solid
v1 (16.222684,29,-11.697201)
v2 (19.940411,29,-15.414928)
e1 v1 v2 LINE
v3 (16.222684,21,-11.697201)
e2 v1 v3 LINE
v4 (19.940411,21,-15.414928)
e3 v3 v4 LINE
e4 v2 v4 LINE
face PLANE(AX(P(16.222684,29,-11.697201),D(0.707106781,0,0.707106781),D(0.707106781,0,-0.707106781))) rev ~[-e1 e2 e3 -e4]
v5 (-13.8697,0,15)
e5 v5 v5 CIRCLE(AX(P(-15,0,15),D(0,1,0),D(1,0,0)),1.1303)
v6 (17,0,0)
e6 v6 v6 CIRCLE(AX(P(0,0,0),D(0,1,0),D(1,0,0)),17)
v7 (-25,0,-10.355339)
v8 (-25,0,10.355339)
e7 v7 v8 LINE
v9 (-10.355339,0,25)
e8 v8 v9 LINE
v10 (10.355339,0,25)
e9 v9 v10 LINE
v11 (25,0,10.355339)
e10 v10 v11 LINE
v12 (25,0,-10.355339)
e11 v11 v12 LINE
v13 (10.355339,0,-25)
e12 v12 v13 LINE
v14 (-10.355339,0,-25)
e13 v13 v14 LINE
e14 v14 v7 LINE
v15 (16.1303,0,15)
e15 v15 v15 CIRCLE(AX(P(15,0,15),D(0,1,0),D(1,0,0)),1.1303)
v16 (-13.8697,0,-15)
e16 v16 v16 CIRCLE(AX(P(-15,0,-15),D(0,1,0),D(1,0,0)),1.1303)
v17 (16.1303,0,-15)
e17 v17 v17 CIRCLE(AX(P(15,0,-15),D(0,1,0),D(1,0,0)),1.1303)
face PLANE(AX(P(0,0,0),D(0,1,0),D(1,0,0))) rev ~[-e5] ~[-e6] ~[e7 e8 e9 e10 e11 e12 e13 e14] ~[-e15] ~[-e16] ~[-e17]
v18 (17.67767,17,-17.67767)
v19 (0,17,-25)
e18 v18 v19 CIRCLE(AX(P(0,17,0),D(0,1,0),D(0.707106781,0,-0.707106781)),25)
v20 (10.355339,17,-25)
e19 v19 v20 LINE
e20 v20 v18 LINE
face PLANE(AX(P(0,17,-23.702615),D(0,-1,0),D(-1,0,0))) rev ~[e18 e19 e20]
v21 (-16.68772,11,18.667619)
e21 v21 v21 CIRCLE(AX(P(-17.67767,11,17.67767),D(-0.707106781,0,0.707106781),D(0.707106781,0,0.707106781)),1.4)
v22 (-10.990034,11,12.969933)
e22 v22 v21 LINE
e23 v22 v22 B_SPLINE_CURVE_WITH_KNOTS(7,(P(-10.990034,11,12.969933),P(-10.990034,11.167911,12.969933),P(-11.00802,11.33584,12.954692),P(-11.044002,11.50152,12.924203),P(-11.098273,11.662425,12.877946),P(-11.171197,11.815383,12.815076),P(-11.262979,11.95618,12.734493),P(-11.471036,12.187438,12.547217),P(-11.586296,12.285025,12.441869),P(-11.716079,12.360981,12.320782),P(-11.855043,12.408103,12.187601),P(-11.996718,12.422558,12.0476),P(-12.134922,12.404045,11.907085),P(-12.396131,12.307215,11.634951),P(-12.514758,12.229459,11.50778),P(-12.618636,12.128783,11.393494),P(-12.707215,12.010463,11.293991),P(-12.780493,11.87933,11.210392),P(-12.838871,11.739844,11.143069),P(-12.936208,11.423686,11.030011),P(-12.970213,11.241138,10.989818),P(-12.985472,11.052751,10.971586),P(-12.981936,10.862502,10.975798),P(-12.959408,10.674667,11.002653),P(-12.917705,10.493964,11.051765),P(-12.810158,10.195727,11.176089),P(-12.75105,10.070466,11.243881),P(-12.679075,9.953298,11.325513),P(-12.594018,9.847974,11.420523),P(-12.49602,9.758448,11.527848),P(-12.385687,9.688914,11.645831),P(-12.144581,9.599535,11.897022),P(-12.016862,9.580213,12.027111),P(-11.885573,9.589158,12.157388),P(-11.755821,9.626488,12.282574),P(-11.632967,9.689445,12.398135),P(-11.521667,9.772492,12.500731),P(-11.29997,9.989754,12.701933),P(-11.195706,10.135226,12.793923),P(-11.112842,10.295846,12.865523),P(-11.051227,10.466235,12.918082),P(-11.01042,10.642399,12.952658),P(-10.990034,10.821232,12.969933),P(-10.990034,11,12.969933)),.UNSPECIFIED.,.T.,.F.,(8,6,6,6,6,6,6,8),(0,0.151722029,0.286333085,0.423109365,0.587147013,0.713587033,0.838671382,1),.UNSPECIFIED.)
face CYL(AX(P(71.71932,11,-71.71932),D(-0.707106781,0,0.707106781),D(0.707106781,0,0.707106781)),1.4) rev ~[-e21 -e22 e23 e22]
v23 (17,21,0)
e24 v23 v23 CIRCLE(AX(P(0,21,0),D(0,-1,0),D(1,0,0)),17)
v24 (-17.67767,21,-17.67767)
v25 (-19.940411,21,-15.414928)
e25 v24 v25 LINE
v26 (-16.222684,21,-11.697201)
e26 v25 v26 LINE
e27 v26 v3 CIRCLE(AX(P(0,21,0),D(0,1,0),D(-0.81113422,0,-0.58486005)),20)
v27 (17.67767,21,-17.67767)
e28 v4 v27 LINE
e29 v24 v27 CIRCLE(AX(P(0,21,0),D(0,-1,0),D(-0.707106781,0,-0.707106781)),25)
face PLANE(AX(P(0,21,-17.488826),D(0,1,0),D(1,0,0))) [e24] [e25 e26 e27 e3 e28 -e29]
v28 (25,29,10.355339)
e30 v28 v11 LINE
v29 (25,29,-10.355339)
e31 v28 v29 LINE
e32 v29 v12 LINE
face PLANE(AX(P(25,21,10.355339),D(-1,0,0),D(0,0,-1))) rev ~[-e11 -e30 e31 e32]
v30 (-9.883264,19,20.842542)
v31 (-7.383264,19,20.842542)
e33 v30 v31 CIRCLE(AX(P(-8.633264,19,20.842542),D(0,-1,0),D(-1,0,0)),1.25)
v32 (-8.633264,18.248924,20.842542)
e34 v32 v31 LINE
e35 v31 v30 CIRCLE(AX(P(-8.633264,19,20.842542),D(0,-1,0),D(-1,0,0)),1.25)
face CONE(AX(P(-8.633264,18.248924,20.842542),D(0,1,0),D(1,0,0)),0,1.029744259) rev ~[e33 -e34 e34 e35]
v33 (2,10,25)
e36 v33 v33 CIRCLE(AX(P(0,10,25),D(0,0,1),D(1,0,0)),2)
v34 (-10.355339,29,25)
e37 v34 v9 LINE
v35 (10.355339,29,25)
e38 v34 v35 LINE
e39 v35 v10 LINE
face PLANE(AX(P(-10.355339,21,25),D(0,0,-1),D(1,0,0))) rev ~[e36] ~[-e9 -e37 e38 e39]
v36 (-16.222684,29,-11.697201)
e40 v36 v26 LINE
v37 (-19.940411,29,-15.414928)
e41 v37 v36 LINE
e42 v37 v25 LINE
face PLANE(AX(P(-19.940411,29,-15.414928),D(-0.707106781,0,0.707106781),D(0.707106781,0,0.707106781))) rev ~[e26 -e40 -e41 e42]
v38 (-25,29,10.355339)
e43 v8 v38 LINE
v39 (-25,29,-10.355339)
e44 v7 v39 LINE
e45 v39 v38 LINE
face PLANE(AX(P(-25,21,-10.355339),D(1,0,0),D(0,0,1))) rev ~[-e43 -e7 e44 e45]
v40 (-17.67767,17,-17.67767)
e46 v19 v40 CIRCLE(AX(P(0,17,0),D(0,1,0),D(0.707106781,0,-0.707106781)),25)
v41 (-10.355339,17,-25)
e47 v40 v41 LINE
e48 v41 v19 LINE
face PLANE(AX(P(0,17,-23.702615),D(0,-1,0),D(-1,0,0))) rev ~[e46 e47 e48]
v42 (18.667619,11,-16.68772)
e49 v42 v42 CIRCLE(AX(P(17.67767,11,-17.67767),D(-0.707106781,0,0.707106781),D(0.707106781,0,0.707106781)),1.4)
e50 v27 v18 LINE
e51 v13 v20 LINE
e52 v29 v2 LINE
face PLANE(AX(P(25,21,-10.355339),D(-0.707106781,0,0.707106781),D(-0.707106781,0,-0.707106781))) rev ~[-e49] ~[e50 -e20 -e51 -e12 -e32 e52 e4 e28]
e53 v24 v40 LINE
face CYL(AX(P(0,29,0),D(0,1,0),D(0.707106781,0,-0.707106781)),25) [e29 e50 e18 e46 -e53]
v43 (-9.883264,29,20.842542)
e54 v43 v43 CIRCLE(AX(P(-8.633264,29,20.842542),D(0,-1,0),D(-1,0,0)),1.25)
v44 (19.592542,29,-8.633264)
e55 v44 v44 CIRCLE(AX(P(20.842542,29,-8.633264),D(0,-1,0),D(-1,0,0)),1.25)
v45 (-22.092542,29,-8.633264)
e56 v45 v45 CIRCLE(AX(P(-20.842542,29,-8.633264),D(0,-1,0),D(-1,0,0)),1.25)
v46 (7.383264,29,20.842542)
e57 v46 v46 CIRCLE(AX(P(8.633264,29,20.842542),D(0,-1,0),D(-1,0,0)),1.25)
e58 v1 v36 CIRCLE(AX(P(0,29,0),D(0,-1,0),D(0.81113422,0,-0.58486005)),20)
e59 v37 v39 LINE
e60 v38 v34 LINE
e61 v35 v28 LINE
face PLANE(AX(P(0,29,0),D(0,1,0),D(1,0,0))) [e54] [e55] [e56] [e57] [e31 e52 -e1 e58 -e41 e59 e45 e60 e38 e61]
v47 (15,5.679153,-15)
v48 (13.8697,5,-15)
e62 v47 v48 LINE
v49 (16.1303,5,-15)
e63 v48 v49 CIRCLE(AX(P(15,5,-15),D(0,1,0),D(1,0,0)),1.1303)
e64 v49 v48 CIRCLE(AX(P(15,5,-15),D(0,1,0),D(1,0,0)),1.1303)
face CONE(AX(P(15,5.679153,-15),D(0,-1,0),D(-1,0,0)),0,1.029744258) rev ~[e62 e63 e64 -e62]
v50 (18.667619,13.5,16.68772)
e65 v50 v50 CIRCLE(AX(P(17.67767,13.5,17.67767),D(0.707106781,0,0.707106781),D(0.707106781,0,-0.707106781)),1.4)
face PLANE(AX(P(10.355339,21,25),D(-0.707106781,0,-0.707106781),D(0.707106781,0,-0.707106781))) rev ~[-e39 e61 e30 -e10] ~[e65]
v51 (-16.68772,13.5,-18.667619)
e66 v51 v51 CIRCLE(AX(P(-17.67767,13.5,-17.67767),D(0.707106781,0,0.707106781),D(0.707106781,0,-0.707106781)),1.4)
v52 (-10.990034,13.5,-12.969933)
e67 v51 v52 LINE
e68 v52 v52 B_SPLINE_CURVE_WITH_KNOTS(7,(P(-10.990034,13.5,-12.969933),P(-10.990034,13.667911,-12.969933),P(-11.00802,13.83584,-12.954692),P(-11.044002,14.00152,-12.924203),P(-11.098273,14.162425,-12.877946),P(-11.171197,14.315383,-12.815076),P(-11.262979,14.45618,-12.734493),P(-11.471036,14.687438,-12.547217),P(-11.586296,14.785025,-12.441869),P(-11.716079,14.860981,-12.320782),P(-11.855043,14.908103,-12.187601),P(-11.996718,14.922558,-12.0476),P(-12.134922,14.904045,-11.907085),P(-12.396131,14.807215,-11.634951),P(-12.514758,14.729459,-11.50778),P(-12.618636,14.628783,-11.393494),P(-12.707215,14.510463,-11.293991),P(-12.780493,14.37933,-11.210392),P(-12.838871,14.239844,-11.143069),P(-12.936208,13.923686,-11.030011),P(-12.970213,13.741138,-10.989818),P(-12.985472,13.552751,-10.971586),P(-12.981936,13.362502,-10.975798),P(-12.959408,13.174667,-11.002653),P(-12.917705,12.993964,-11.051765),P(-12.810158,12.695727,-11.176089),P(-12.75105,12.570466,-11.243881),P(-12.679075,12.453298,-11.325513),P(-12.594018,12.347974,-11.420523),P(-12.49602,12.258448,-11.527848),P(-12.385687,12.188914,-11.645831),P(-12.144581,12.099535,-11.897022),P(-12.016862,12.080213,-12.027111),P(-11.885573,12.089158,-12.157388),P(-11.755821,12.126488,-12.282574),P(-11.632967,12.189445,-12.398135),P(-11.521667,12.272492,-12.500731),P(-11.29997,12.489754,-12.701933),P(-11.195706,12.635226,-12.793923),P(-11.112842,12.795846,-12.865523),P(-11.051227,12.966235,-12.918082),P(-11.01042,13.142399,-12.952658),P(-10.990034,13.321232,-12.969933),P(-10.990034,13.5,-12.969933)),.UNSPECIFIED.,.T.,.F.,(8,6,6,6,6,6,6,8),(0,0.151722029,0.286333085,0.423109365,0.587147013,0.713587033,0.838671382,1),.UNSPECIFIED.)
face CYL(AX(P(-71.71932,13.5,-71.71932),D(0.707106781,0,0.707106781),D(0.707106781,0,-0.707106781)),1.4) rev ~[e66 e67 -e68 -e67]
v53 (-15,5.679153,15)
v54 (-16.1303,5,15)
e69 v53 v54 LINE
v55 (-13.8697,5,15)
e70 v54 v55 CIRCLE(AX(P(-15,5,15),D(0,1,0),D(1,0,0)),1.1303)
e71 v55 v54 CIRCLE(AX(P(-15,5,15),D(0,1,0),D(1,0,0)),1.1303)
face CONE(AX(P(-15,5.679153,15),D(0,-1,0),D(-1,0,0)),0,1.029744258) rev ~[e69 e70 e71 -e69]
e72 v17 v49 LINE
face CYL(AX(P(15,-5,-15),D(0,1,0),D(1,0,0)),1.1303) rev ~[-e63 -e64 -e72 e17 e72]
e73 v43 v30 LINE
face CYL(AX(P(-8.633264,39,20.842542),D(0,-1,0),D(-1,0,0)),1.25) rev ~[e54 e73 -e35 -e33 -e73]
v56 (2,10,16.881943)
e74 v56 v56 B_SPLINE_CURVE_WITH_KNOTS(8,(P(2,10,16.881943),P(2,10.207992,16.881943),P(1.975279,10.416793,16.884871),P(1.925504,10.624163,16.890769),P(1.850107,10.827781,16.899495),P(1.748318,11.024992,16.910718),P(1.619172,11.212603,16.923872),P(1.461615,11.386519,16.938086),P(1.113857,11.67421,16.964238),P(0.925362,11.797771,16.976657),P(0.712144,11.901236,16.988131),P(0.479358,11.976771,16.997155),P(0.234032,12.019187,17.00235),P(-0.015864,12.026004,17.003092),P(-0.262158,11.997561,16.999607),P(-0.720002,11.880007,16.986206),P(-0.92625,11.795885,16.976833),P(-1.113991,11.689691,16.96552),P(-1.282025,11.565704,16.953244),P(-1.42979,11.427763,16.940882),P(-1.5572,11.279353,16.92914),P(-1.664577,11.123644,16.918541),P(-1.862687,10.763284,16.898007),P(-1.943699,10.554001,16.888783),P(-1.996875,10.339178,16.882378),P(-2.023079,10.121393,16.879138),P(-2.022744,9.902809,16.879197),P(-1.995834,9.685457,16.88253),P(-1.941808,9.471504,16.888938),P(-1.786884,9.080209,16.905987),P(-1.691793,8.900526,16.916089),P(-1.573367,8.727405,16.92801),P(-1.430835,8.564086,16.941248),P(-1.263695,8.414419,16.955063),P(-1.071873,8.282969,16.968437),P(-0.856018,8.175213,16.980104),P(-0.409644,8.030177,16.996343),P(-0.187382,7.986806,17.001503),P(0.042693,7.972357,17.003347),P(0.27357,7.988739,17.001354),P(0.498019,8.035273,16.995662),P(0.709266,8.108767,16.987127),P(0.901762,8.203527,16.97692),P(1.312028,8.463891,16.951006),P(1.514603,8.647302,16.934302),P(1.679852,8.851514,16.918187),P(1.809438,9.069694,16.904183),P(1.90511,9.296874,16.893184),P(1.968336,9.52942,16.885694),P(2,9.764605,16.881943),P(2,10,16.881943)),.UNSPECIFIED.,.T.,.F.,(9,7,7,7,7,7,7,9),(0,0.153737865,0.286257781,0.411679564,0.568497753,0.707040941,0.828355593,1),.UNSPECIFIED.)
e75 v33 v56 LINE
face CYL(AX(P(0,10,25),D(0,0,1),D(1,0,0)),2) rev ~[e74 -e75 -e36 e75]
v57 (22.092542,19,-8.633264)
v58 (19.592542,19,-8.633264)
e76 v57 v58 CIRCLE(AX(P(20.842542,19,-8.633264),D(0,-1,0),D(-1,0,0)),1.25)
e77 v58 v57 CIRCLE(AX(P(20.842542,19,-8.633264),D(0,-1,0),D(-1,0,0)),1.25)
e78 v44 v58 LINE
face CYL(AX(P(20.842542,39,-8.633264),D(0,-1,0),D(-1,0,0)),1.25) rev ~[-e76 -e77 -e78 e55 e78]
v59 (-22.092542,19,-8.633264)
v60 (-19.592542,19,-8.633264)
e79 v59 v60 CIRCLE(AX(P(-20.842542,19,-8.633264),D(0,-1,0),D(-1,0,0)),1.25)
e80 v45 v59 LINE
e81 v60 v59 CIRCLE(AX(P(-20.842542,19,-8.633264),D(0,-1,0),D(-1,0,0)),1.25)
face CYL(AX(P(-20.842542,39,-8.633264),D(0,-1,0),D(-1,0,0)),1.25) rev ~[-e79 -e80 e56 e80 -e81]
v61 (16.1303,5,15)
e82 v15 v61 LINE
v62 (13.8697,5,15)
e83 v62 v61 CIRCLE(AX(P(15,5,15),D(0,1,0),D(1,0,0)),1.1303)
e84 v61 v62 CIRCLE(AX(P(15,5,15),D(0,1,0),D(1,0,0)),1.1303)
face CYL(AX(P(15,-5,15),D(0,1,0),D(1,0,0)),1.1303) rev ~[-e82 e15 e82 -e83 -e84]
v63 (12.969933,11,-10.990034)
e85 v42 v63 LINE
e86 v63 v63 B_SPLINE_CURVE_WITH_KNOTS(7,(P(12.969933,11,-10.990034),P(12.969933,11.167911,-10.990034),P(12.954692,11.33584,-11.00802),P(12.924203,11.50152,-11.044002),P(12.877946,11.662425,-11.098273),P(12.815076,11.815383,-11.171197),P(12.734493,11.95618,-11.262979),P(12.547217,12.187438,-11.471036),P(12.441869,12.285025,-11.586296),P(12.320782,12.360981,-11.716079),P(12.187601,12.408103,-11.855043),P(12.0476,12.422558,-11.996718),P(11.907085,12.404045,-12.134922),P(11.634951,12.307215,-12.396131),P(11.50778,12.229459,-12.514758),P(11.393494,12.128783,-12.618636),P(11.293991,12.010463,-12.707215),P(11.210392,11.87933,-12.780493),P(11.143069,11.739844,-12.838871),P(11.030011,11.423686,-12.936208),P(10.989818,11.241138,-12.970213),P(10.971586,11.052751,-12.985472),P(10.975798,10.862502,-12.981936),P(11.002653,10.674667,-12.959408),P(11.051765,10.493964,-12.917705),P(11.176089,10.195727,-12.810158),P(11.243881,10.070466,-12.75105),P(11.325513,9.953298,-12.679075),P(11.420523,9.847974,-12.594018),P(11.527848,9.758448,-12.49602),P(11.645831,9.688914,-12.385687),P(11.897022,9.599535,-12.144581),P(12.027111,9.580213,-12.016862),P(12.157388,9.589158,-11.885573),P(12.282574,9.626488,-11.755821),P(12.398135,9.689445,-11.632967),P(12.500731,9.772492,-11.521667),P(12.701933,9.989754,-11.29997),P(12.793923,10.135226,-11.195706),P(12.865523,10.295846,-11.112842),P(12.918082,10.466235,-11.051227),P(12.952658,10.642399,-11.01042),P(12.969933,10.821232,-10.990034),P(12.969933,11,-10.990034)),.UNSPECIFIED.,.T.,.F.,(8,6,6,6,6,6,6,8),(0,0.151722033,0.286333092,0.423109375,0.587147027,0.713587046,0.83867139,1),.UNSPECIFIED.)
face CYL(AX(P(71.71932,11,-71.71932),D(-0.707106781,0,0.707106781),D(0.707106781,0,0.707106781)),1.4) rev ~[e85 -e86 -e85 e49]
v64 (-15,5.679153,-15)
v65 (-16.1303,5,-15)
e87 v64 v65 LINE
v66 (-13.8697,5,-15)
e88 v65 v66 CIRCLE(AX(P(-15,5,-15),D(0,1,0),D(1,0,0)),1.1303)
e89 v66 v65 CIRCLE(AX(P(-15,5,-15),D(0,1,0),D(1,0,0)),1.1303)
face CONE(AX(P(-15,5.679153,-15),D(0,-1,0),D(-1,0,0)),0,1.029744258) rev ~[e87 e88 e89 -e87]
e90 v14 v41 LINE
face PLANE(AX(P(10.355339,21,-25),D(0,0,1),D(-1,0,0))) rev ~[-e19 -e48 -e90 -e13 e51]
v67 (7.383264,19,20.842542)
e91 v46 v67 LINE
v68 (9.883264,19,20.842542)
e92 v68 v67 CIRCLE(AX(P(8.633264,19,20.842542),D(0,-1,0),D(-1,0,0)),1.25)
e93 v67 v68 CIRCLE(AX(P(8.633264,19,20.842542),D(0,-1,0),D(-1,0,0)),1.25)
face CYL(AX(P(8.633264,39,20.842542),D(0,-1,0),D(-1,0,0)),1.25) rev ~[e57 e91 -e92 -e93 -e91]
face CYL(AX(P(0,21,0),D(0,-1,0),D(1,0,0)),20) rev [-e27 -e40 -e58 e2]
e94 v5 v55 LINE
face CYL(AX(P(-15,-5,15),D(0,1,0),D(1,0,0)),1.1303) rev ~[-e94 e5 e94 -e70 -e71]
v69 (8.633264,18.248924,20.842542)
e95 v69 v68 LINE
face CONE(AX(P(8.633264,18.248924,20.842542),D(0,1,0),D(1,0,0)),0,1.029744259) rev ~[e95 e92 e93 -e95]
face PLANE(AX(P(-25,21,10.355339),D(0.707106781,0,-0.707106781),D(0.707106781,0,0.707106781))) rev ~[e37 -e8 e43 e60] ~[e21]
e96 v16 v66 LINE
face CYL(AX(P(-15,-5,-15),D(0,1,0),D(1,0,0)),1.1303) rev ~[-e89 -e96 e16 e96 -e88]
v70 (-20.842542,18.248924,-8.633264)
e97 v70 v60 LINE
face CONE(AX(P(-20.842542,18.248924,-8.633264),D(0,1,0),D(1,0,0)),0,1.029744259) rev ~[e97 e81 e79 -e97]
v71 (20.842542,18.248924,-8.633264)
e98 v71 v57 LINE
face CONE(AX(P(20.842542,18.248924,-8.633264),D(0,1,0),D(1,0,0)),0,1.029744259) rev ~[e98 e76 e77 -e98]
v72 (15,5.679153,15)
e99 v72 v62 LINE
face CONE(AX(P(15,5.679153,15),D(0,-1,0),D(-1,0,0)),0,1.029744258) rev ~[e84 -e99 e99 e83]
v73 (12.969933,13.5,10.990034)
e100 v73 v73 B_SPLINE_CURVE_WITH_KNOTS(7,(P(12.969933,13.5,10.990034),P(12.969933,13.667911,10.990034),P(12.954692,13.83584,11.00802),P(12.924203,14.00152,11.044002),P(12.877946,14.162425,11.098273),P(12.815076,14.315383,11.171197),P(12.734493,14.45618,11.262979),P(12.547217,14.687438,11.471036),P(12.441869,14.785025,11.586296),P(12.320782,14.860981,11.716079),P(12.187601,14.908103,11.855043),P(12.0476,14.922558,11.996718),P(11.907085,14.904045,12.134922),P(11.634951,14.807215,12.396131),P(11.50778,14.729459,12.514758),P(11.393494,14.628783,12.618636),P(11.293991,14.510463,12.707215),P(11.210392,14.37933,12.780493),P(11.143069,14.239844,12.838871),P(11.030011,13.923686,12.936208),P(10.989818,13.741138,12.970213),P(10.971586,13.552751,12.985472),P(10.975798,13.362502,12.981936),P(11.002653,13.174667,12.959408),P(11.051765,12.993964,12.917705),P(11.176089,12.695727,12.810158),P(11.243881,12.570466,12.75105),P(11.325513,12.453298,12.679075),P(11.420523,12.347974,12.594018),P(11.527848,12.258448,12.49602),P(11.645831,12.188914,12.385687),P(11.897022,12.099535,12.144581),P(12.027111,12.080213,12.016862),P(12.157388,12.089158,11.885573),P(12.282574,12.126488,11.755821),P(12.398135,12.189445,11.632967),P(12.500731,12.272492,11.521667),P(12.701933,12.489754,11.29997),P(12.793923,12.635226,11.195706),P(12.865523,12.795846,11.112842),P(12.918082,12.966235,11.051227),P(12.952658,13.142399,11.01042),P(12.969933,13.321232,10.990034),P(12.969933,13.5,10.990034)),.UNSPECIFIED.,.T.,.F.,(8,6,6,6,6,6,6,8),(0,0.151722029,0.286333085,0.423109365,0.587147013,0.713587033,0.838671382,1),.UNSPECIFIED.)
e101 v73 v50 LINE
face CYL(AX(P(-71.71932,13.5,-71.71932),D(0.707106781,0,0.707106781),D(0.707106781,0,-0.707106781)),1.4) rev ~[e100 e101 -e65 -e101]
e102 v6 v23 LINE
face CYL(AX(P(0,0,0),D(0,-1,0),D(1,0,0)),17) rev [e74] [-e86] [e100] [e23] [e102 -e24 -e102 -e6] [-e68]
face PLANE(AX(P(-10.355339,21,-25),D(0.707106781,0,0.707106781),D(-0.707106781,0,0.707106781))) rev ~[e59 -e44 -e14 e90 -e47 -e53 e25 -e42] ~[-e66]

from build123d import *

# Parameters (mm, degrees)
SKETCH1_R                 = 17
BOSS_EXTRUDE1_DEPTH       = 21
SKETCH2_R                 = 20
BOSS_EXTRUDE2_DEPTH       = 8
CUT_EXTRUDE3_DEPTH        = 8
M3_TAPPED_HOLE1_D         = 2.5
M3_TAPPED_HOLE1_DEPTH     = 10
M3_TAPPED_HOLE1_TIP       = 0.751075774
F_4_40_TAPPED_HOLE1_D     = 2.2606
F_4_40_TAPPED_HOLE1_DEPTH = 5
F_4_40_TAPPED_HOLE1_TIP   = 0.679152758
M3X0_2_TAPPED_HOLE1_D     = 2.8
M3X0_2_TAPPED_HOLE2_D     = 2.8
CUT_EXTRUDE4_REACH        = 52
SKETCH20_R                = 2
CUT_EXTRUDE5_DEPTH        = 12


with BuildPart() as part:
    # Sketch1 → Boss-Extrude1 (new body)
    with BuildSketch(Plane(origin=(0, 0, 0), x_dir=(1, 0, 0), z_dir=(0, 1, 0))):
        Polygon((10.355339059, 25), (-10.355339059, 25), (-25, 10.355339059), (-25, -10.355339059), (-10.355339059, -25), (10.355339059, -25), (25, -10.355339059), (25, 10.355339059), align=None)
        Circle(SKETCH1_R, mode=Mode.SUBTRACT)
    extrude(amount=BOSS_EXTRUDE1_DEPTH)

    # Sketch2 → Boss-Extrude2 (add)
    with BuildSketch(Plane(origin=(0, 21, 0), x_dir=(1, 0, 0), z_dir=(0, 1, 0))):
        Polygon((25, 10.355339059), (10.355339059, 25), (-10.355339059, 25), (-25, 10.355339059), (-25, -10.355339059), (-10.355339059, -25), (10.355339059, -25), (25, -10.355339059), align=None)
        Circle(SKETCH2_R, mode=Mode.SUBTRACT)
    extrude(amount=BOSS_EXTRUDE2_DEPTH)

    # Sketch6 → Cut-Extrude3 (cut)
    with BuildSketch(Plane(origin=(0, 29, 0), x_dir=(1, 0, 0), z_dir=(0, 1, 0))):
        Polygon((-19.940411229, 15.41492783), (-16.222684393, 11.697200993), (16.222684393, 11.697200993), (19.940411229, 15.41492783), (10.355339059, 25), (-10.355339059, 25), align=None)
    extrude(amount=-CUT_EXTRUDE3_DEPTH, mode=Mode.SUBTRACT)

    # M3 Tapped Hole1
    with Locations(Plane(origin=(0, 29, 0), x_dir=(1, 0, 0), z_dir=(0, 1, 0))):
        with Locations((20.842542104, 8.633263614), (-20.842542104, 8.633263614), (-8.633263614, -20.842542104), (8.633263614, -20.842542104)):
            Hole(M3_TAPPED_HOLE1_D / 2, depth=M3_TAPPED_HOLE1_DEPTH)
            with Locations((0, 0, -(M3_TAPPED_HOLE1_DEPTH + M3_TAPPED_HOLE1_TIP / 2))):  # 118° drill point
                Cone(0, M3_TAPPED_HOLE1_D / 2, M3_TAPPED_HOLE1_TIP, mode=Mode.SUBTRACT)

    # #4-40 Tapped Hole1
    with Locations(Plane(origin=(0, 0, 0), x_dir=(-1, 0, 0), z_dir=(0, -1, 0))):
        with Locations((-15, 15), (15, 15), (-15, -15), (15, -15)):
            Hole(F_4_40_TAPPED_HOLE1_D / 2, depth=F_4_40_TAPPED_HOLE1_DEPTH)
            with Locations((0, 0, -(F_4_40_TAPPED_HOLE1_DEPTH + F_4_40_TAPPED_HOLE1_TIP / 2))):  # 118° drill point
                Cone(0, F_4_40_TAPPED_HOLE1_D / 2, F_4_40_TAPPED_HOLE1_TIP, mode=Mode.SUBTRACT)

    # M3x0.2 Tapped Hole1 (through all)
    with Locations(Plane(origin=(17.67766953, 0, -17.67766953), x_dir=(-0.707106781, 0, -0.707106781), z_dir=(0.707106781, 0, -0.707106781))):
        with Locations((0, 11)):
            Hole(M3X0_2_TAPPED_HOLE1_D / 2)

    # M3x0.2 Tapped Hole2 (through all)
    with Locations(Plane(origin=(-17.67766953, 0, -17.67766953), x_dir=(-0.707106781, 0, 0.707106781), z_dir=(-0.707106781, 0, -0.707106781))):
        with Locations((0, 13.5)):
            Hole(M3X0_2_TAPPED_HOLE2_D / 2)

    # Sketch20 → Cut-Extrude4 (cut, up to next)
    with BuildSketch(Plane.XY.offset(25), mode=Mode.PRIVATE) as cut_extrude4_sk1:
        with Locations((0, 10)):
            Circle(SKETCH20_R)
    cut_extrude4_tool1 = extrude(cut_extrude4_sk1.sketch, amount=-CUT_EXTRUDE4_REACH, mode=Mode.PRIVATE) & part.part
    add(cut_extrude4_tool1.solids().sort_by_distance((0, 10, 25))[0], mode=Mode.SUBTRACT)

    # Sketch22 → Cut-Extrude5 (cut)
    with BuildSketch(Plane(origin=(0, 29, 0), x_dir=(1, 0, 0), z_dir=(0, 1, 0))):
        with BuildLine():
            Line((-17.67766953, 17.67766953), (-17.67766953, 26.402318696))
            Line((-17.67766953, 26.402318696), (17.67766953, 26.402318696))
            Line((17.67766953, 26.402318696), (17.67766953, 17.67766953))
            ThreePointArc((17.67766953, 17.67766953), (0, 25), (-17.67766953, 17.67766953))
        make_face()
    extrude(amount=-CUT_EXTRUDE5_DEPTH, mode=Mode.SUBTRACT)


solid = part.part
